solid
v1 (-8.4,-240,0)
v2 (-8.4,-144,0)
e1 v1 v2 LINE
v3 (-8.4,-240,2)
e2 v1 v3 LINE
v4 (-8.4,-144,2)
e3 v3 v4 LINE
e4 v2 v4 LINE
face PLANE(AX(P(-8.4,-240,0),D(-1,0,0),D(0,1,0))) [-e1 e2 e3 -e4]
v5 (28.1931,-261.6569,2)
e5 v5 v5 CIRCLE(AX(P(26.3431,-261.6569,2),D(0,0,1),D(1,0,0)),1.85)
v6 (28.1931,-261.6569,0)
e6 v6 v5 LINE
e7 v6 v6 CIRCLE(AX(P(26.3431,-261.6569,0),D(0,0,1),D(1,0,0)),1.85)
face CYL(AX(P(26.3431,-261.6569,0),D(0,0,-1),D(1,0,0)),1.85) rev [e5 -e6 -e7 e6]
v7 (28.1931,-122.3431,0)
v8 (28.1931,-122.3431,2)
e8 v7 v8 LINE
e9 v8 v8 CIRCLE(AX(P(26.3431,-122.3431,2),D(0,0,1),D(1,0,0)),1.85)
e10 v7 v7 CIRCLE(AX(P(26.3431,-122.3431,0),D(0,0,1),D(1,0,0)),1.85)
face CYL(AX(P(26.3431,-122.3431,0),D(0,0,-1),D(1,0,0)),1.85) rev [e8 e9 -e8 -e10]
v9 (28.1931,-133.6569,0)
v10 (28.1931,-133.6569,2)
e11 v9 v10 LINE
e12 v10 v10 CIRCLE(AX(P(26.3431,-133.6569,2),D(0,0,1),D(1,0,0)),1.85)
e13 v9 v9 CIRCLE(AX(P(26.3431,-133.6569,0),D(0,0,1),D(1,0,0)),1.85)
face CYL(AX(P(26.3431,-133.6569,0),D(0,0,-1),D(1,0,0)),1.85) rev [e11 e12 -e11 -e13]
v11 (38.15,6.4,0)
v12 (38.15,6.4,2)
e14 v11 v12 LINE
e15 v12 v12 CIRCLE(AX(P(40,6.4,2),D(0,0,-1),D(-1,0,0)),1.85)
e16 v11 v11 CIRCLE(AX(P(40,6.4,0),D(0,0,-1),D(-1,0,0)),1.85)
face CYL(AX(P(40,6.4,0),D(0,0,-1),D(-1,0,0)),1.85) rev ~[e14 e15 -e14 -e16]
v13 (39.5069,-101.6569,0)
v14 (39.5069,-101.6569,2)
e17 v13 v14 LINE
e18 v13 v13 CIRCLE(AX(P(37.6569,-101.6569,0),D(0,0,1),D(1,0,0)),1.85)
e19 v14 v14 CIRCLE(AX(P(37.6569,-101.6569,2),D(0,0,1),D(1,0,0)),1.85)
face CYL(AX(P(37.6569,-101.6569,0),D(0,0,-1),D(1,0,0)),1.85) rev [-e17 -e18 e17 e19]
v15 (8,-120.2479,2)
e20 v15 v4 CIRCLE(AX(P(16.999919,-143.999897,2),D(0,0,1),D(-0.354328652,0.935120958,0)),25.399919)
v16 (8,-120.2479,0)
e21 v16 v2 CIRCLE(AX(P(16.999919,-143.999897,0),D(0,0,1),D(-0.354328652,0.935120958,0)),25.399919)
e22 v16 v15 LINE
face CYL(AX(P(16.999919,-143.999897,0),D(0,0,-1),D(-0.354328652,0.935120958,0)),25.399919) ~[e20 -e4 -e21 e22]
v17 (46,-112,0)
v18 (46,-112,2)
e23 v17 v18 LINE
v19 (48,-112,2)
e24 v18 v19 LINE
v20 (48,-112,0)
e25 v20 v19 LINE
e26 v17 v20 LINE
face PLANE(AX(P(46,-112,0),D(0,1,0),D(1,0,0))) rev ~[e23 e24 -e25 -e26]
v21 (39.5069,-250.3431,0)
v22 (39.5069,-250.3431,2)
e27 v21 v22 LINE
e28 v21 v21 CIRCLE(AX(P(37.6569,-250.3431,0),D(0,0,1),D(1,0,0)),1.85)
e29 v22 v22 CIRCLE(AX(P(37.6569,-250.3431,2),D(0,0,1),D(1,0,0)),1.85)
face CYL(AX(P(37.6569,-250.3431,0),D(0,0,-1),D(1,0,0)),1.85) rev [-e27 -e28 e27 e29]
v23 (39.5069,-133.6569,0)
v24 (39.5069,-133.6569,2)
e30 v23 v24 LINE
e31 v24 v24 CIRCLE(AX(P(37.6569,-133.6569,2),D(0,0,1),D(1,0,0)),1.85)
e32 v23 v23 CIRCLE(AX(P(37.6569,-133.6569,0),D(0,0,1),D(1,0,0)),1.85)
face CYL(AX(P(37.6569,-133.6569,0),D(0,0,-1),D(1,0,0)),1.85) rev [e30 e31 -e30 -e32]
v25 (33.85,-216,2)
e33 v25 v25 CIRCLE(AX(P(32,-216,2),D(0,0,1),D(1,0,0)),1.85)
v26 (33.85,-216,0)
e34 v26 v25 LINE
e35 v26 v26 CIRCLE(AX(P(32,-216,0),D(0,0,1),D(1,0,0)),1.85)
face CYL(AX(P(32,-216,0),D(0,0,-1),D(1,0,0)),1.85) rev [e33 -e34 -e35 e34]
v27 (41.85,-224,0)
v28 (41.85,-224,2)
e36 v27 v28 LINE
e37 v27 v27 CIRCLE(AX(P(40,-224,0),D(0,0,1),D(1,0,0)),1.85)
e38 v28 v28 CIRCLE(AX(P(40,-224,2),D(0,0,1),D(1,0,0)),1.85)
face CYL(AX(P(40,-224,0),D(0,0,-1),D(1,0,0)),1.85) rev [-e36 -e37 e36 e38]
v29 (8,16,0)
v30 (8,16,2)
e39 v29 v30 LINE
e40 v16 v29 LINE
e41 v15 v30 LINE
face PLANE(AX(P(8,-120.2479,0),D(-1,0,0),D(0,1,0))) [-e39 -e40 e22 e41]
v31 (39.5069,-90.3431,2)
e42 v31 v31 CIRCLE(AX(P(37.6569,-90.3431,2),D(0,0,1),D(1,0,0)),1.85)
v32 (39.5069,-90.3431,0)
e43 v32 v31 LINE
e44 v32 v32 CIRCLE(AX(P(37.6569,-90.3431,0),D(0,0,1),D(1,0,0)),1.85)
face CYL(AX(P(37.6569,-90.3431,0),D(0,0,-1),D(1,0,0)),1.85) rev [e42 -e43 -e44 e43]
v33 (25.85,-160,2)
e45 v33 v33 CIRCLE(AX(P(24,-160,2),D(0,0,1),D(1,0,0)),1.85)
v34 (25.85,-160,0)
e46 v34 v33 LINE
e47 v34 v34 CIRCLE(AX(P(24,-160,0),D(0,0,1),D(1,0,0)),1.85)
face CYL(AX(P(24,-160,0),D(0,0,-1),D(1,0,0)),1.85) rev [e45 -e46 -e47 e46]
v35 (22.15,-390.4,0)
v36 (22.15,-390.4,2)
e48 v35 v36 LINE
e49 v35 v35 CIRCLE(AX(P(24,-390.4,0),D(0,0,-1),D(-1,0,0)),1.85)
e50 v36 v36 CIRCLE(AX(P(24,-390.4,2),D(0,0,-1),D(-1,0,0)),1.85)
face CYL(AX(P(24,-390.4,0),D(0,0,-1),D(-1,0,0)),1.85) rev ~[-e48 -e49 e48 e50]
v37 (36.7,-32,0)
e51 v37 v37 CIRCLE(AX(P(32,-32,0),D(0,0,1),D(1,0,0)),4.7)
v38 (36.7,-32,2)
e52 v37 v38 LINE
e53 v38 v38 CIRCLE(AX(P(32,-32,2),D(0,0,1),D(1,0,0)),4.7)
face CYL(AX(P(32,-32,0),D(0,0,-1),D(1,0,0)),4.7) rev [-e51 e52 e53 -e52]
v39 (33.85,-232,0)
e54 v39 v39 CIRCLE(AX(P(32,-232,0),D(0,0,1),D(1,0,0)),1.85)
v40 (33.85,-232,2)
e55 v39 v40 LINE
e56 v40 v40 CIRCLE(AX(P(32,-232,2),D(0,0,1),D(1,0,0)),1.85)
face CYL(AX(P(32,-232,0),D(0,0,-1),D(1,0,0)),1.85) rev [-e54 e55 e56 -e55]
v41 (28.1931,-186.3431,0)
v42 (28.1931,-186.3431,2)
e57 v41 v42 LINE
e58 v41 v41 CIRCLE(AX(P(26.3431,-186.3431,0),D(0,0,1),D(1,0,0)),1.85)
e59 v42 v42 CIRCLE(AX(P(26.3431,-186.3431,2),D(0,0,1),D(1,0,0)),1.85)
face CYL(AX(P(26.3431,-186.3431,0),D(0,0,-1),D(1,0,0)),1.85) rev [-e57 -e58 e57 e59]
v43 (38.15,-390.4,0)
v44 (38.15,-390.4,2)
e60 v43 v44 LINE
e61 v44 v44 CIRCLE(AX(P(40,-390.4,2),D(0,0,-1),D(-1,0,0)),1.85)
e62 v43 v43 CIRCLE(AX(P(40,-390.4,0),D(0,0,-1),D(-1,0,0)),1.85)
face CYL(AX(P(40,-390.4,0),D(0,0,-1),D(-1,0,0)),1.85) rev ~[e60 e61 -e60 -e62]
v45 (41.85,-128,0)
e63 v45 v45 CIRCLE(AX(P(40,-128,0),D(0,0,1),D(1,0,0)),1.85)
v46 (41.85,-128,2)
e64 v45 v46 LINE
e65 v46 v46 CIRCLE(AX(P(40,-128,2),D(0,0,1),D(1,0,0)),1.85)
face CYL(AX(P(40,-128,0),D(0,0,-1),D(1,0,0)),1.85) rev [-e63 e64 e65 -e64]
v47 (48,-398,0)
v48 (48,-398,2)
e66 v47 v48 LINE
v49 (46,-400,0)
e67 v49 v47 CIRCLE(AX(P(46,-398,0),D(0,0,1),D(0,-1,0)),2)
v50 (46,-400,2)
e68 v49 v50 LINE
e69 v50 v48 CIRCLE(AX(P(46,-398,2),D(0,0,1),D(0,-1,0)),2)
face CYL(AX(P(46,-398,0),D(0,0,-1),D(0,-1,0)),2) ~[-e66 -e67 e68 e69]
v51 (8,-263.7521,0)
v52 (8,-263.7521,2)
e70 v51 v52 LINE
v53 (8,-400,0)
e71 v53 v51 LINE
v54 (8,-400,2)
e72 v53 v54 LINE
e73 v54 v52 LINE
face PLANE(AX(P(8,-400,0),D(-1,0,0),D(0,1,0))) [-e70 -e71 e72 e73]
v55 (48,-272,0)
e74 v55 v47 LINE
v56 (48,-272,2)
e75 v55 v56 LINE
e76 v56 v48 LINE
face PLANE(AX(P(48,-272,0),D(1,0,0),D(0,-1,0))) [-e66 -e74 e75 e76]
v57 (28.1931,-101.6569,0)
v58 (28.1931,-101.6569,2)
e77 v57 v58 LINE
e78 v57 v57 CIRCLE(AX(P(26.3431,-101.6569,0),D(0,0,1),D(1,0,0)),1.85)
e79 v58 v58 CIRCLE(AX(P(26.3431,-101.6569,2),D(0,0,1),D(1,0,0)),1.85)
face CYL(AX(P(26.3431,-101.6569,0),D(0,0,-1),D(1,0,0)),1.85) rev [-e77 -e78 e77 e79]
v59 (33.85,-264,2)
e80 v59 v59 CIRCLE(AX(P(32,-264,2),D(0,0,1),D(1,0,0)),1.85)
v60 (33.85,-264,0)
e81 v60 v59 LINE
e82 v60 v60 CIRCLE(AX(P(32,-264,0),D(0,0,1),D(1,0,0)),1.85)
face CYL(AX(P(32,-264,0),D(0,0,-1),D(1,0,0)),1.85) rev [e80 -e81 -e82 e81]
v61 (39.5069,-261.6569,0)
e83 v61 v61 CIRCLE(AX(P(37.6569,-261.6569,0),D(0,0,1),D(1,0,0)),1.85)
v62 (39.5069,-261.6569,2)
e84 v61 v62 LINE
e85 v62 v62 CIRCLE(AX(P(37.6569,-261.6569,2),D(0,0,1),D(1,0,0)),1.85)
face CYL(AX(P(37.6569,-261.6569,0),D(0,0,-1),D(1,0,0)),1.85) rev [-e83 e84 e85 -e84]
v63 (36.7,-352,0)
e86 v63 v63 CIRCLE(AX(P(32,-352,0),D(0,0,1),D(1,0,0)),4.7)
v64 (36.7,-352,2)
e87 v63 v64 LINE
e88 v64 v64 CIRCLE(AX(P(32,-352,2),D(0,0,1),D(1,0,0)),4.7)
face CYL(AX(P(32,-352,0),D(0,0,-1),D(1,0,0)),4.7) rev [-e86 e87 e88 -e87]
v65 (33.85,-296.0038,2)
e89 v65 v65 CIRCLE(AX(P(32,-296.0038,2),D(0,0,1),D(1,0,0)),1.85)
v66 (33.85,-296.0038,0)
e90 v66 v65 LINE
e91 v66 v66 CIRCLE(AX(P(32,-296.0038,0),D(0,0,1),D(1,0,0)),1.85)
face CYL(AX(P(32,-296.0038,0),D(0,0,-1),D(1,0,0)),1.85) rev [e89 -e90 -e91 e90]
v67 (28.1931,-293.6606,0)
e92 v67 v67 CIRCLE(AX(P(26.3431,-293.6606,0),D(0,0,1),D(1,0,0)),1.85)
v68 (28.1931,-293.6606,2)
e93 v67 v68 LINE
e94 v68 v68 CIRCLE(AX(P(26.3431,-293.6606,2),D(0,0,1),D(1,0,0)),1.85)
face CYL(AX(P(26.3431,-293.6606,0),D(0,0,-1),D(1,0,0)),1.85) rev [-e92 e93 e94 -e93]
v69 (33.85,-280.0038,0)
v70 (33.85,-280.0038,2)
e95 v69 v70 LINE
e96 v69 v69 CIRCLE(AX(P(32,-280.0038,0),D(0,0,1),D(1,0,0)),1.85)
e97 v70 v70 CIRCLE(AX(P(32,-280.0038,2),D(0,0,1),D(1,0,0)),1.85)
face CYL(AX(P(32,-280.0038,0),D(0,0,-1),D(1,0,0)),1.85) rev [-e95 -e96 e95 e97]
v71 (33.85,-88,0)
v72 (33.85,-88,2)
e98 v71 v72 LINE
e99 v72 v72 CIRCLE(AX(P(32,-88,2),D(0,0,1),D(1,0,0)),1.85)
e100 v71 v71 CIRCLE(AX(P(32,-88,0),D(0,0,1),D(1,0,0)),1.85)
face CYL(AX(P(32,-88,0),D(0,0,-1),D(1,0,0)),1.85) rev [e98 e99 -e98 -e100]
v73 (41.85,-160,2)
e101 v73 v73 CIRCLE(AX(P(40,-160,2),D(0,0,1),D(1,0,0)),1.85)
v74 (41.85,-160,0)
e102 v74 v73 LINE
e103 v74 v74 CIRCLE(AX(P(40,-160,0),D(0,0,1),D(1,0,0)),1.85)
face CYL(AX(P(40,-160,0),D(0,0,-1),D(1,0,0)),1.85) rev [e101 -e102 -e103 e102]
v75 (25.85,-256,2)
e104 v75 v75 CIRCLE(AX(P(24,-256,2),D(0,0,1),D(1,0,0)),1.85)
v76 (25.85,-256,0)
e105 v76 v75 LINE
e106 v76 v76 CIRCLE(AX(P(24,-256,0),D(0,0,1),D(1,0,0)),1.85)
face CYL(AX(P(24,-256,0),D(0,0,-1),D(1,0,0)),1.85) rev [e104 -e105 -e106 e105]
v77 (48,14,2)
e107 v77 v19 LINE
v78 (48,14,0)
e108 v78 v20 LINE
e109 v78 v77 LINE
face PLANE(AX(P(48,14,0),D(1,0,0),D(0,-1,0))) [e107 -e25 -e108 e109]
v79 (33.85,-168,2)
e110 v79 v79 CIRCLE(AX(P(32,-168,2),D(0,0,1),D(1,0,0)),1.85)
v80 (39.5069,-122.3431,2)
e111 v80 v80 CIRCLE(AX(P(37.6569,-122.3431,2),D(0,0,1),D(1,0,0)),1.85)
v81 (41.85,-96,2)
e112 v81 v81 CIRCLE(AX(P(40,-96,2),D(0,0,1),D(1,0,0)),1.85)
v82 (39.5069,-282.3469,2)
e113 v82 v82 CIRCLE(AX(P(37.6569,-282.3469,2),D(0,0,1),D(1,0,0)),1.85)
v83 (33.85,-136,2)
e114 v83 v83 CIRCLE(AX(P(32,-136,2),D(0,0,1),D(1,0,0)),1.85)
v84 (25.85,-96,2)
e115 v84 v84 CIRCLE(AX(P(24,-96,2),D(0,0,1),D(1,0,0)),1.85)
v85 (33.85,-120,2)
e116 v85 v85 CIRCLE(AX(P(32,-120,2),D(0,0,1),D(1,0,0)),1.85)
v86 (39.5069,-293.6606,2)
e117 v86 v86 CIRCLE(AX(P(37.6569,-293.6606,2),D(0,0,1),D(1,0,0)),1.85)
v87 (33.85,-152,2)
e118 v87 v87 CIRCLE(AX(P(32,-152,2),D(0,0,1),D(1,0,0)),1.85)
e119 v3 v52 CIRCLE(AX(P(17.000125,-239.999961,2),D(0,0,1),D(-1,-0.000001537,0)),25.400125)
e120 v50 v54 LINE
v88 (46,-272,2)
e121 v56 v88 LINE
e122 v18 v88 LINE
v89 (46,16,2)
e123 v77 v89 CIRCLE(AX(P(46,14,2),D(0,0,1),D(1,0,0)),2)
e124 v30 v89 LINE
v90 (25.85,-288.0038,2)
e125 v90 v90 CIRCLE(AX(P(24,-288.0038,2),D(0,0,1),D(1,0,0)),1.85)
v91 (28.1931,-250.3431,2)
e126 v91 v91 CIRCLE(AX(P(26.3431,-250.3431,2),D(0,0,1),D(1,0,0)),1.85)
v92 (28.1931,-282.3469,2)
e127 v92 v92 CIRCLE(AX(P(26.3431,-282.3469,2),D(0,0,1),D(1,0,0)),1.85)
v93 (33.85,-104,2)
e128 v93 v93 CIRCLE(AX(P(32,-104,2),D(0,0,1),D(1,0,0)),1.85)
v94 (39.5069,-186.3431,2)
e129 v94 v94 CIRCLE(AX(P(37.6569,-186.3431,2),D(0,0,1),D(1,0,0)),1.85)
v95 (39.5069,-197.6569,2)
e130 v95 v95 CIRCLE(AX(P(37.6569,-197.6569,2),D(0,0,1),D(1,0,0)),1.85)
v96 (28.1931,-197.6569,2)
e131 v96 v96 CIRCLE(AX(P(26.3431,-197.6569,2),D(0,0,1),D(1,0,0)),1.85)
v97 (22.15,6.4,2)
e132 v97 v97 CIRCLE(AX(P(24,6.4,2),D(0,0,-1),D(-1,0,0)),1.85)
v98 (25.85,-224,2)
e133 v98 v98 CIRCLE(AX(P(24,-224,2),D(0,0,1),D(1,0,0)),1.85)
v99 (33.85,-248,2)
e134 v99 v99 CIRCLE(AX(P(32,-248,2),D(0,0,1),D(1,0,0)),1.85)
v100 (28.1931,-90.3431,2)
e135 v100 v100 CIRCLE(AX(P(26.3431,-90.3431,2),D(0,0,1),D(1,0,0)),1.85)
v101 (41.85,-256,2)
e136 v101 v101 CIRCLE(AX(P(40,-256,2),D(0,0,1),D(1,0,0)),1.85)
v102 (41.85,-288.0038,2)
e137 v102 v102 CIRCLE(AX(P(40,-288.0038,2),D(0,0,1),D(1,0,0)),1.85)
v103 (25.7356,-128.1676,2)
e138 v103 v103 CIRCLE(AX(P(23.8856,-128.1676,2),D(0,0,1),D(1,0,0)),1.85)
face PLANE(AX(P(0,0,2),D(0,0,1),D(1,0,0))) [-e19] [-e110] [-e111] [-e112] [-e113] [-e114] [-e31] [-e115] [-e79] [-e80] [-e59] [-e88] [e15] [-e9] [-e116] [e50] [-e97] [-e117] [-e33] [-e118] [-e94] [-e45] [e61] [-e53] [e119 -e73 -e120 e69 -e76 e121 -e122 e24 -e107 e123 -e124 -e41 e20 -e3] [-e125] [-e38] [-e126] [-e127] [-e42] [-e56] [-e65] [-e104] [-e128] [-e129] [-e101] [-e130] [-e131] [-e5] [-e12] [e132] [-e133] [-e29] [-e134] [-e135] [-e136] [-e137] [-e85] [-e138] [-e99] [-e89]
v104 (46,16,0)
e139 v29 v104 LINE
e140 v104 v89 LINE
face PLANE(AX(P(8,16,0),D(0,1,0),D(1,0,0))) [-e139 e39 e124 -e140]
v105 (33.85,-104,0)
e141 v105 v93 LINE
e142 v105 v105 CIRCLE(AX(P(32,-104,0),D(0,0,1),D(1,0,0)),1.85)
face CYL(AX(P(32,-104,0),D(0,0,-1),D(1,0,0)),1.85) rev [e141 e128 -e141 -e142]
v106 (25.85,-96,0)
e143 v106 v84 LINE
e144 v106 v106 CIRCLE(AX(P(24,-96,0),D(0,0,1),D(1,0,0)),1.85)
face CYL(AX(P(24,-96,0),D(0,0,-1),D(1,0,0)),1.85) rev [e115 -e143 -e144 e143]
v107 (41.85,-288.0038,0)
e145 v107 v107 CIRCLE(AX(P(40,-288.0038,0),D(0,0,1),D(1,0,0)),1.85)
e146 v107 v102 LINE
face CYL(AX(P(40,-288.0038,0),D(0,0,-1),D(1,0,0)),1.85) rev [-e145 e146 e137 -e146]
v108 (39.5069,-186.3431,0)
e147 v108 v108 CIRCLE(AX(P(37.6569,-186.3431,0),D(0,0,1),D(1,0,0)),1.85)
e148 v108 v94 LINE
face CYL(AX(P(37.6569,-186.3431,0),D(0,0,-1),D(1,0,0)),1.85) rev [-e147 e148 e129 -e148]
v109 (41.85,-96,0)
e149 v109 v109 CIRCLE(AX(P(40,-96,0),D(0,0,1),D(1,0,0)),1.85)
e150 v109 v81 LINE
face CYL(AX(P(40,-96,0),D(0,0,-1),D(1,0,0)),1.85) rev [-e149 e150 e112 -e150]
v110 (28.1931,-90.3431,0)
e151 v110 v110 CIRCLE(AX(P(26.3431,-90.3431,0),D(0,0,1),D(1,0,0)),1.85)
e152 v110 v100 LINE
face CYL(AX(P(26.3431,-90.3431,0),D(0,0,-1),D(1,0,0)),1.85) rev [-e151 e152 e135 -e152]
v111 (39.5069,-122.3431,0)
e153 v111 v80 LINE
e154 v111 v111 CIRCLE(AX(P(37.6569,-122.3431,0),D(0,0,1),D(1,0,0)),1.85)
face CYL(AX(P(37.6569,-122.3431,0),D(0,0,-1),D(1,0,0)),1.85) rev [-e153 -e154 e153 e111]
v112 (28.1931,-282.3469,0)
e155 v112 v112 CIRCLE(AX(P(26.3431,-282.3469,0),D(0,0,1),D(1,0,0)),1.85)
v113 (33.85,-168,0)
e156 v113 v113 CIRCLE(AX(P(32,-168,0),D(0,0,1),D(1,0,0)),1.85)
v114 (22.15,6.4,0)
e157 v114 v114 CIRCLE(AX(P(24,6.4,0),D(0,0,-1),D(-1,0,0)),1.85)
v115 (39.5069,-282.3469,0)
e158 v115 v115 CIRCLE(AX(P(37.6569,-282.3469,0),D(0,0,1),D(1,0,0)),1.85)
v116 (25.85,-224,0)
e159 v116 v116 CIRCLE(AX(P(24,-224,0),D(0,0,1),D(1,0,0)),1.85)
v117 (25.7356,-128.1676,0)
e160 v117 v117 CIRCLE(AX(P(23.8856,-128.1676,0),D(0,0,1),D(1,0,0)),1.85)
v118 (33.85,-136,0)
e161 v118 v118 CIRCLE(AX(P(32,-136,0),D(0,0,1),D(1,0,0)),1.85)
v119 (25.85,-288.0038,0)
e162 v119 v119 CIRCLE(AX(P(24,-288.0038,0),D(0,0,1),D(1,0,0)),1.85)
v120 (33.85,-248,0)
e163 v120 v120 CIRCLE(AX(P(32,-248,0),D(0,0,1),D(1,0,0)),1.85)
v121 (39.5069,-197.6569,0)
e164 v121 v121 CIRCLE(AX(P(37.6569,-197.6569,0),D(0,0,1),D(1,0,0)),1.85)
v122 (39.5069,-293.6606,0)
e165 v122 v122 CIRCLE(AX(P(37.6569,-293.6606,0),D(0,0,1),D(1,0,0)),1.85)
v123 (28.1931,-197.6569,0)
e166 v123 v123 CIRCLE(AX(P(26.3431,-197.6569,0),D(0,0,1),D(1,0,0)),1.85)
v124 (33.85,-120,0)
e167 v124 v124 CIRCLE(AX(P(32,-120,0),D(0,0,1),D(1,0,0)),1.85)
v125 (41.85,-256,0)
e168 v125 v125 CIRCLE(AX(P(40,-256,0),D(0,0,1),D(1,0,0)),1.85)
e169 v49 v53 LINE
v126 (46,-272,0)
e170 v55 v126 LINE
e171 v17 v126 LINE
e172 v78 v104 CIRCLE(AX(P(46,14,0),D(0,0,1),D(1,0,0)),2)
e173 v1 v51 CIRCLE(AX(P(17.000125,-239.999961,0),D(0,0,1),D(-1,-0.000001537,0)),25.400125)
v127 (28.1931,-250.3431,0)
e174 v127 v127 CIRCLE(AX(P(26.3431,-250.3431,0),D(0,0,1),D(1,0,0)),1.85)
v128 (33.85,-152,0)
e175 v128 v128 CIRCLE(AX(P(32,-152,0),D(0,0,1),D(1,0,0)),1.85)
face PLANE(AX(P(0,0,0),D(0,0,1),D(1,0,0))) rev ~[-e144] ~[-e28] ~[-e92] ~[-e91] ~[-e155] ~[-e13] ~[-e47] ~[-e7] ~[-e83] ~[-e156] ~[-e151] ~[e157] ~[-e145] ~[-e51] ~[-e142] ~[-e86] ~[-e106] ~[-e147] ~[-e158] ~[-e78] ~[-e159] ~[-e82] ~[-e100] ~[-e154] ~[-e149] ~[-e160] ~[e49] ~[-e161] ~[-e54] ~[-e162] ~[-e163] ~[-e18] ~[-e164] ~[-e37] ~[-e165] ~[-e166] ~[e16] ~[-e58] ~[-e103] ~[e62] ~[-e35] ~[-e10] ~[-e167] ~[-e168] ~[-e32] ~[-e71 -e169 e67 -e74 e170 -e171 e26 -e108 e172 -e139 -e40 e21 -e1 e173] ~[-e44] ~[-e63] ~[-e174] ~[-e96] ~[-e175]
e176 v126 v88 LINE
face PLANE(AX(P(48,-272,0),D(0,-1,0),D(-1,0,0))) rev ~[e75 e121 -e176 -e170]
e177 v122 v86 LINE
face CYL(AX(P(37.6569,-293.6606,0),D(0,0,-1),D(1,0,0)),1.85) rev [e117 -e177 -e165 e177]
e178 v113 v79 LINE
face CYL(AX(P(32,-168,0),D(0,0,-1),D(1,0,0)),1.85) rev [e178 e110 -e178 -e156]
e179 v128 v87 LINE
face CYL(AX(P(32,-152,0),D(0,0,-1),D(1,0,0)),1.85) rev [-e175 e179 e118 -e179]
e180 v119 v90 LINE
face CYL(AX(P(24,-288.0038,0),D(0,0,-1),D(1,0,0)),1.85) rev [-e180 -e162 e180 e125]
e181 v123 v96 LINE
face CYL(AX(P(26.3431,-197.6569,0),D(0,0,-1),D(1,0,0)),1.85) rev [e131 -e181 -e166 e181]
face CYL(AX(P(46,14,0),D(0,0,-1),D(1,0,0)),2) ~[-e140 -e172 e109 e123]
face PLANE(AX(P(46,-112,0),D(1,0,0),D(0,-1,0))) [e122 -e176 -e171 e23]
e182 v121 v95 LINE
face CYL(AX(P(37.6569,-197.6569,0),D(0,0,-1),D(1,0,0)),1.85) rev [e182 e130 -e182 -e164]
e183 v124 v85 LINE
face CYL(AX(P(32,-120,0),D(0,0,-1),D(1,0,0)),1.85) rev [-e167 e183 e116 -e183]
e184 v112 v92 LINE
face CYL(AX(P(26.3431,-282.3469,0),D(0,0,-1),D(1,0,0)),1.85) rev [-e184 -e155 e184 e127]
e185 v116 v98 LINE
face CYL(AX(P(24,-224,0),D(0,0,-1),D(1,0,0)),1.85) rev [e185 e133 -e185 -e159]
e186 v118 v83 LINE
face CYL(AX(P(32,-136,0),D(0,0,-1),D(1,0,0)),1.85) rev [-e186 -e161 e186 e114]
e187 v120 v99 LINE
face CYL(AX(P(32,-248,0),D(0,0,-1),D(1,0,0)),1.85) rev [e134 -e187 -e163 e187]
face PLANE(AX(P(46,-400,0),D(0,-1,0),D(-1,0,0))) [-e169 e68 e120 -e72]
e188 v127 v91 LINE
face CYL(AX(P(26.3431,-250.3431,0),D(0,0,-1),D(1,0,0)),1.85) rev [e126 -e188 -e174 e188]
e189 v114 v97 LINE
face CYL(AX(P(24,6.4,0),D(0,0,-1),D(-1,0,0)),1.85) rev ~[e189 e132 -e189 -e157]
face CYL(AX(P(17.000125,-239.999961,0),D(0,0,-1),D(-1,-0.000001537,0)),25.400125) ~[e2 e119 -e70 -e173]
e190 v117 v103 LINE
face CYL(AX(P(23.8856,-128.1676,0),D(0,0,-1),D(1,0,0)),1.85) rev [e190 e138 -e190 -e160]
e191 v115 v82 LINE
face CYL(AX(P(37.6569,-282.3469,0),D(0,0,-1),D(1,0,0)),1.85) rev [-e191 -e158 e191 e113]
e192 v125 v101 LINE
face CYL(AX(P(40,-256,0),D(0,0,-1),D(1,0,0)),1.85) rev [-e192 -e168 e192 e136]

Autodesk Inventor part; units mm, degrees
ref_plane "YZ Plane" through (0, 0, 0) normal (1, 0, 0) x (0, 1, 0)
ref_plane "XZ Plane" through (0, 0, 0) normal (0, 1, 0) x (-1, 0, 0)
ref_plane "XY Plane" through (0, 0, 0) normal (0, 0, 1) x (1, 0, 0)
sketch "Sketch1" plane through (0, 0, 0) normal (0, 0, 1) x (1, 0, 0)
  circle A0 centre (32, -32) radius 4.7
  circle A1 centre (32, -352) radius 4.7
  line L0 (48, -272) -> (48, -398)
  arc A2 (46, -400) -> (48, -398) centre (46, -398) ccw
  line L1 (46, -400) -> (8, -400)
  line L2 (48, 14) -> (48, -112)
  line L3 (8, 16) -> (46, 16)
  arc A3 (48, 14) -> (46, 16) centre (46, 14) ccw
  circle A4 centre (32, -120) radius 1.85
  circle A5 centre (37.6569, -122.3431) radius 1.85
  circle A6 centre (40, -128) radius 1.85
  circle A7 centre (37.6569, -133.6569) radius 1.85
  circle A8 centre (32, -136) radius 1.85
  circle A9 centre (26.3431, -133.6569) radius 1.85
  circle A10 centre (23.8856, -128.1676) radius 1.85
  circle A11 centre (26.3431, -122.3431) radius 1.85
  circle A12 centre (32, -152) radius 1.85
  circle A13 centre (40, -160) radius 1.85
  circle A14 centre (24, -160) radius 1.85
  circle A15 centre (32, -168) radius 1.85
  circle A16 centre (37.6569, -186.3431) radius 1.85
  circle A17 centre (37.6569, -197.6569) radius 1.85
  circle A18 centre (26.3431, -186.3431) radius 1.85
  circle A19 centre (26.3431, -197.6569) radius 1.85
  circle A20 centre (32, -216) radius 1.85
  circle A21 centre (40, -224) radius 1.85
  circle A22 centre (32, -232) radius 1.85
  circle A23 centre (24, -224) radius 1.85
  circle A24 centre (32, -248) radius 1.85
  circle A25 centre (37.6569, -250.3431) radius 1.85
  circle A26 centre (40, -256) radius 1.85
  circle A27 centre (37.6569, -261.6569) radius 1.85
  circle A28 centre (32, -264) radius 1.85
  circle A29 centre (26.3431, -261.6569) radius 1.85
  circle A30 centre (24, -256) radius 1.85
  circle A31 centre (26.3431, -250.3431) radius 1.85
  circle A32 centre (37.6569, -101.6569) radius 1.85
  circle A33 centre (40, -96) radius 1.85
  circle A34 centre (37.6569, -90.3431) radius 1.85
  circle A35 centre (32, -88) radius 1.85
  circle A36 centre (26.3431, -90.3431) radius 1.85
  circle A37 centre (24, -96) radius 1.85
  circle A38 centre (26.3431, -101.6569) radius 1.85
  circle A39 centre (32, -104) radius 1.85
  circle A40 centre (24, -288.0038) radius 1.85
  circle A41 centre (26.3431, -293.6606) radius 1.85
  circle A42 centre (32, -296.0038) radius 1.85
  circle A43 centre (37.6569, -293.6606) radius 1.85
  circle A44 centre (40, -288.0038) radius 1.85
  circle A45 centre (37.6569, -282.3469) radius 1.85
  circle A46 centre (32, -280.0038) radius 1.85
  circle A47 centre (26.3431, -282.3469) radius 1.85
  line L4 (48, -272) -> (46, -272)
  line L5 (46, -112) -> (48, -112)
  line L6 (46, -112) -> (46, -272)
  line L7 (8, -120.2479) -> (8, 16)
  arc A48 (8, -120.2479) -> (-8.4, -144) centre (17, -144) ccw
  line L8 (-8.4, -240) -> (-8.4, -144)
  arc A49 (-8.4, -240) -> (8, -263.7521) centre (17, -240) ccw
  line L9 (8, -400) -> (8, -263.7521)
  point P0 (0, 0)
  point P1 (48, -114.5)
extrude "Extrusion1" add sketch "Sketch1" along normal blind 2
sketch "Sketch4" plane through (0, 0, 0) normal (0, 0, -1) x (-1, 0, 0)
  circle A0 centre (-40, -390.4) radius 1.85
  circle A1 centre (-24, -390.4) radius 1.85
  circle A2 centre (-40, 6.4) radius 1.85
  circle A3 centre (-24, 6.4) radius 1.85
  point P0 (0, 0)
extrude "Extrusion4" cut sketch "Sketch4" against normal through all
properties part number "plate1"
